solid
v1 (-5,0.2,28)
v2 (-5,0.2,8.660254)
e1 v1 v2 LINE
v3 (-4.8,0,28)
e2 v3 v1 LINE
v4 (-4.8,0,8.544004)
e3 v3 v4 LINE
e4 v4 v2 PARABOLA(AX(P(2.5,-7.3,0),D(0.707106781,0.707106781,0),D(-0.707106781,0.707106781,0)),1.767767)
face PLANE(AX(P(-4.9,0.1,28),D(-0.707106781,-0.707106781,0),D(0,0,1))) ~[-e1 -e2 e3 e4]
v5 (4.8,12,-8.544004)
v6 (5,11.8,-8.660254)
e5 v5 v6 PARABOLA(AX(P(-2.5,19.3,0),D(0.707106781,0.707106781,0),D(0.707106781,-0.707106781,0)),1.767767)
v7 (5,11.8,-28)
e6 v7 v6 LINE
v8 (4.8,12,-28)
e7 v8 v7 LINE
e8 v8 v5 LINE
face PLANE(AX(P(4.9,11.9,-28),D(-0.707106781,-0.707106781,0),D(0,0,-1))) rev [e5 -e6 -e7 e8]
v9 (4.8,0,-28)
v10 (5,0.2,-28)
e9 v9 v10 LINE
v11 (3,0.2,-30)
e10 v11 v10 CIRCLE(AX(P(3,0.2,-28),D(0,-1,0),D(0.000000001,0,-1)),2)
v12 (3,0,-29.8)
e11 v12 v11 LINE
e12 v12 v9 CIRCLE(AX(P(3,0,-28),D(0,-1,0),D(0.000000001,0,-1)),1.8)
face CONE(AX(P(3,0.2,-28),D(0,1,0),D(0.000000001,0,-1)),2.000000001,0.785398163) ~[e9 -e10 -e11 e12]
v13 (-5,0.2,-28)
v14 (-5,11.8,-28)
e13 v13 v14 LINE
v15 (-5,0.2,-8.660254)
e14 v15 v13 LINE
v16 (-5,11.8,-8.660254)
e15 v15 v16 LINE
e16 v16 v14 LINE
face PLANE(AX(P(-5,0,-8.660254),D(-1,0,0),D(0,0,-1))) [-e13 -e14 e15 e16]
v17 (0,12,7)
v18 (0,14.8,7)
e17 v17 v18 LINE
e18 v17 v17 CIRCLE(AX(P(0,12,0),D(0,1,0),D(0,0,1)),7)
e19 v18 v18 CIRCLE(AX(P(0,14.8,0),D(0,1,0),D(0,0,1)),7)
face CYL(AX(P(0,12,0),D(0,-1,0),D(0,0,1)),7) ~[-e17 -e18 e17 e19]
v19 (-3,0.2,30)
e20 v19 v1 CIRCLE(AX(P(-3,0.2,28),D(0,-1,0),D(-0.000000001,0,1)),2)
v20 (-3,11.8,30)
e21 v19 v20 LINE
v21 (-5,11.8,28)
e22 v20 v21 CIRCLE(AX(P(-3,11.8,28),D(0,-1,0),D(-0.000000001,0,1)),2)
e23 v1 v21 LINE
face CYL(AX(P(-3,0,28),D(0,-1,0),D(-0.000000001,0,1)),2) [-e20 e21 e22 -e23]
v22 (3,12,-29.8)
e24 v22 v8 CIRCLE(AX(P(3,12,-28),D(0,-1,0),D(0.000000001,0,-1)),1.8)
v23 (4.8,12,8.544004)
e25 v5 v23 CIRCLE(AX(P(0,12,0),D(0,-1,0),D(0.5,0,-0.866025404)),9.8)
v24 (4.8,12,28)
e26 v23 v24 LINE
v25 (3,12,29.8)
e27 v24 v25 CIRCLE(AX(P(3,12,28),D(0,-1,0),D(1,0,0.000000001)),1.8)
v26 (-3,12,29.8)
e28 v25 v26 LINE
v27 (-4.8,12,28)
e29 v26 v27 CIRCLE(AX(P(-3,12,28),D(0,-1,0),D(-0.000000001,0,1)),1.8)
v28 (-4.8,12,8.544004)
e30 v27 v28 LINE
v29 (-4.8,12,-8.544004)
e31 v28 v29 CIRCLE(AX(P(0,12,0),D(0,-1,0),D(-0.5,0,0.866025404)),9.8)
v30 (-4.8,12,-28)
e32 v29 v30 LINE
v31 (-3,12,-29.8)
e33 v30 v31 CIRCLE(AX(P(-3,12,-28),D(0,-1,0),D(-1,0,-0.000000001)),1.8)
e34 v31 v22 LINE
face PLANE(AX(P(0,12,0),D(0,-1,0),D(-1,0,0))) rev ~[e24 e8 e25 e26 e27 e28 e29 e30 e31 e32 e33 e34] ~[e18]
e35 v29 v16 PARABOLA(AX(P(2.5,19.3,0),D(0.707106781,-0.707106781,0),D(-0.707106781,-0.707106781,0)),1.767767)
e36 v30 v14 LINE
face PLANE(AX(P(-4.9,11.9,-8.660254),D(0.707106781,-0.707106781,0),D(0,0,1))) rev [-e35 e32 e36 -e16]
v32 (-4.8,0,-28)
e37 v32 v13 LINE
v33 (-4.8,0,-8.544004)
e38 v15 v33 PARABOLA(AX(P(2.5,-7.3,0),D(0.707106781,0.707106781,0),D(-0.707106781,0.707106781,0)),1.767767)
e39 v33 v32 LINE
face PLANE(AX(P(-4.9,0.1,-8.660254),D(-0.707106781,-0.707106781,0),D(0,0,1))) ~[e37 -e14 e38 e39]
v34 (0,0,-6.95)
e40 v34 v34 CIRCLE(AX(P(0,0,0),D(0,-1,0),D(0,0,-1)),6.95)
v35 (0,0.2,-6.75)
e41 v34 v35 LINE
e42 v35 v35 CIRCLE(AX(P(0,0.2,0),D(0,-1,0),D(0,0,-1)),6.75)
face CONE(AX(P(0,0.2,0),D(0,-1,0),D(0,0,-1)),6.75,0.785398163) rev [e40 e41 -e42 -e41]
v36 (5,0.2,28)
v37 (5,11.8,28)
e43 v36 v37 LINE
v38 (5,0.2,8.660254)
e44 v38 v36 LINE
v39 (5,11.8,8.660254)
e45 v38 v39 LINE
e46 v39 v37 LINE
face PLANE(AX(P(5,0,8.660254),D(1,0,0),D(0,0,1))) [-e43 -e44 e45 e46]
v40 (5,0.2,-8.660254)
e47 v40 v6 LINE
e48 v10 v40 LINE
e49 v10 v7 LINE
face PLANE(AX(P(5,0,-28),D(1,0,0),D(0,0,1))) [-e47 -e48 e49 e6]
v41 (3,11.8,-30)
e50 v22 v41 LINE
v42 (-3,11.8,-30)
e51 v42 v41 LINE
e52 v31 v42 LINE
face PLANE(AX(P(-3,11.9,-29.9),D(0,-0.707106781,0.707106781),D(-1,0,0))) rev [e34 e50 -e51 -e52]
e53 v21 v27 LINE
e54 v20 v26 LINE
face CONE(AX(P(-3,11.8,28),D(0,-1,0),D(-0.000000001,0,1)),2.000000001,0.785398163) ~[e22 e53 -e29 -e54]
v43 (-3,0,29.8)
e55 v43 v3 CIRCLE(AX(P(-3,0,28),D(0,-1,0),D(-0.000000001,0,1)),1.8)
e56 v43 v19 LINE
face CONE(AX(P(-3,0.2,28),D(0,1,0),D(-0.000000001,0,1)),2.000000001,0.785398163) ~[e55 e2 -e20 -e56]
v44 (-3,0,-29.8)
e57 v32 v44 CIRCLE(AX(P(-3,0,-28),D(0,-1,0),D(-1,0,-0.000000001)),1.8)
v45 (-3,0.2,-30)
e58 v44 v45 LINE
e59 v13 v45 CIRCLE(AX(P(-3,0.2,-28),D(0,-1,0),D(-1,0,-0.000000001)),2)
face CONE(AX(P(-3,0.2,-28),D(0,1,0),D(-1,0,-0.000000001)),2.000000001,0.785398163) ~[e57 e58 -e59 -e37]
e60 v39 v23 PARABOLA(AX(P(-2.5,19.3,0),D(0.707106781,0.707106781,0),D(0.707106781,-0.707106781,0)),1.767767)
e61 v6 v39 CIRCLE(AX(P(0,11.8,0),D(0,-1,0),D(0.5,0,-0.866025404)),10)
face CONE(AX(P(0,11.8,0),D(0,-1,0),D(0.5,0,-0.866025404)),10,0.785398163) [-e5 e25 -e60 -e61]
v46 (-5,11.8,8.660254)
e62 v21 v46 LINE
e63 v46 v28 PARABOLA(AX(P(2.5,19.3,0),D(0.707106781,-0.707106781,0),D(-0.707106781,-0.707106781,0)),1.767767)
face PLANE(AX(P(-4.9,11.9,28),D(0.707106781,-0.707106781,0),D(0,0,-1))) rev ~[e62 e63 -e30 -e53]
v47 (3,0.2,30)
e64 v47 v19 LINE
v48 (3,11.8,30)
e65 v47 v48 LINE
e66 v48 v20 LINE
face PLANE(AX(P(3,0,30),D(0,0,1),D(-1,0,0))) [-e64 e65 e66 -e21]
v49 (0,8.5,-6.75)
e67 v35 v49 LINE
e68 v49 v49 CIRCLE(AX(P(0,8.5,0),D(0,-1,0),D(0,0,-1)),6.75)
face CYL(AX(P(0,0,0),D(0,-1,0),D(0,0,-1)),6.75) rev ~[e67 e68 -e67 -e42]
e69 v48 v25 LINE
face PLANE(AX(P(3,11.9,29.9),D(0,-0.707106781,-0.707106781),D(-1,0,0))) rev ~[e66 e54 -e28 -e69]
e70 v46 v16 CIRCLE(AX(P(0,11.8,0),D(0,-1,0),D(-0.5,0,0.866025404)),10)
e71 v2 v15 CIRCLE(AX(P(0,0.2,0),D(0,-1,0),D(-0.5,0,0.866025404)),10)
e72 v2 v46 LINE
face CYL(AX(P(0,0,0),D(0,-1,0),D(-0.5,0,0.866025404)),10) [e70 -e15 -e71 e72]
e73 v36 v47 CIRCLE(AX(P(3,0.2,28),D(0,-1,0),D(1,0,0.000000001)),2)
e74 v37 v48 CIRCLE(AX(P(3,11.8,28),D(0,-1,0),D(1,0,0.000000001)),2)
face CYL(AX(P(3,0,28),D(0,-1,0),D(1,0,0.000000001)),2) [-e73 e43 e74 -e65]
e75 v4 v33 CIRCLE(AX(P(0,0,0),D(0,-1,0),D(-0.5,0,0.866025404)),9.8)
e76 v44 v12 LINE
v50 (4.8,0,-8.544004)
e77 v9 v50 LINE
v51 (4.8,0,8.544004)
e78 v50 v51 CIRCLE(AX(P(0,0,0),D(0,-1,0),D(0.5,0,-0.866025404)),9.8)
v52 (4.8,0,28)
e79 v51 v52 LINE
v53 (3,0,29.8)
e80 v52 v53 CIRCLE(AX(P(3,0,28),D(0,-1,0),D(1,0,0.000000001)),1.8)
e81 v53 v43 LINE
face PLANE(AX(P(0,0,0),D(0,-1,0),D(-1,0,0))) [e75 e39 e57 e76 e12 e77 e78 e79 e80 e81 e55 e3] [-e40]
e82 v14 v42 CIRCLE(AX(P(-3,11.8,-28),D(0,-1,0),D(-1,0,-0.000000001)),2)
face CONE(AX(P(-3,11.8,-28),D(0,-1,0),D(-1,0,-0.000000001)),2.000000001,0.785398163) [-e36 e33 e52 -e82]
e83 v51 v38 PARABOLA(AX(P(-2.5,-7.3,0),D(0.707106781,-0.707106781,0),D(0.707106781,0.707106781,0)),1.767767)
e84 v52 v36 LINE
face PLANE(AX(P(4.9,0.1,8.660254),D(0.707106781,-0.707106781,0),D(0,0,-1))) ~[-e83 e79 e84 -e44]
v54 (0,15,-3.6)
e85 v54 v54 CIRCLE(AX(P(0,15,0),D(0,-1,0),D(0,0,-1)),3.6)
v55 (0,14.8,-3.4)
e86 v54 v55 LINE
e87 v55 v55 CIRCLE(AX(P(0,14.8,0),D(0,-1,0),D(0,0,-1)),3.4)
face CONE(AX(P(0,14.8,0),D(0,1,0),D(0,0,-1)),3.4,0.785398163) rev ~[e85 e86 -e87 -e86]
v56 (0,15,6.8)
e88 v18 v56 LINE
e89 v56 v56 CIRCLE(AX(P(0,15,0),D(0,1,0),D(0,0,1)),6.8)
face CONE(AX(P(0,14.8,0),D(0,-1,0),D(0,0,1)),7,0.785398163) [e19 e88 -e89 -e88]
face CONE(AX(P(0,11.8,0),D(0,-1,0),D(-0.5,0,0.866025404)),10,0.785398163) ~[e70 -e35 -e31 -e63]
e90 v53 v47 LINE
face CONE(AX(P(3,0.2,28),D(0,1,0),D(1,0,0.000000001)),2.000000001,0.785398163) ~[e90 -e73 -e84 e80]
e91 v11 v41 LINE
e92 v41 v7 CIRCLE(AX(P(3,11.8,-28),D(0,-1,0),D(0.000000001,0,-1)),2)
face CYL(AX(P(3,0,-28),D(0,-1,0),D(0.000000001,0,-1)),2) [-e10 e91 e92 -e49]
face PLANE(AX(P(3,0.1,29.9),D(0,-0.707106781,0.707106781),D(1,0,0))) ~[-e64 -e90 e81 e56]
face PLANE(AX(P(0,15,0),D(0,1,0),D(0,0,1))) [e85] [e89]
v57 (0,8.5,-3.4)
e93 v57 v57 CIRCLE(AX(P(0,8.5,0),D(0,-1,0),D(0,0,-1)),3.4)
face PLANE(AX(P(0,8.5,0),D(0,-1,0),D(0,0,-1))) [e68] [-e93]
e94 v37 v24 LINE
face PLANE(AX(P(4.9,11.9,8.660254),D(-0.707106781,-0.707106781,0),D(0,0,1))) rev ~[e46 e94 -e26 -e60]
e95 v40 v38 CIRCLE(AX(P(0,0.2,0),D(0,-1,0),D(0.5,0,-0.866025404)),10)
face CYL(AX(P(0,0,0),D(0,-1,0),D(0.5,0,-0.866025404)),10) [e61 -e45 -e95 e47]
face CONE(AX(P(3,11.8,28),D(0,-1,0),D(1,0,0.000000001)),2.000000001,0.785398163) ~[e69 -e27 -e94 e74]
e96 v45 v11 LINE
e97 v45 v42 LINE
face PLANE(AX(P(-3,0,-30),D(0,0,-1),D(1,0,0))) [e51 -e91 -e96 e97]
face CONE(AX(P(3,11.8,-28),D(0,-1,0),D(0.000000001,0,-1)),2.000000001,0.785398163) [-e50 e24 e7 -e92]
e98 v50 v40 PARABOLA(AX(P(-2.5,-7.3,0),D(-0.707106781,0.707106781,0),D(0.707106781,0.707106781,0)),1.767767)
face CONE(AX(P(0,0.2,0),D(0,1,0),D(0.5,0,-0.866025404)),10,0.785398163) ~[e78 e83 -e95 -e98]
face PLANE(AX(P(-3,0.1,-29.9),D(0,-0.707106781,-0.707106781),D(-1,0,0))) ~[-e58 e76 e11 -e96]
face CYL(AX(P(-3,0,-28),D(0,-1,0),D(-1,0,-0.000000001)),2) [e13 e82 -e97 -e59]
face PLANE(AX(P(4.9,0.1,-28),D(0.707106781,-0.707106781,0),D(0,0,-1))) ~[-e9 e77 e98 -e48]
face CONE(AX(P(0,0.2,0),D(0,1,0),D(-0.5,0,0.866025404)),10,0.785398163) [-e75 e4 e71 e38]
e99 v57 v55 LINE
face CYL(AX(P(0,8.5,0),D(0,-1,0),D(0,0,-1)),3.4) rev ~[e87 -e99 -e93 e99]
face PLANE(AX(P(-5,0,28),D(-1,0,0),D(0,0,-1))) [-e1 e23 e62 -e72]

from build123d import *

# Parameters (mm, degrees)
EXTRUDE_1_DEPTH     = 12
SKETCH_2_R          = 6.75
CUT_EXTRUDE_1_DEPTH = 8.5
SKETCH_4_R          = 7
EXTRUDE_2_DEPTH     = 3
SKETCH_3_R          = 3.4
CUT_EXTRUDE_2_DEPTH = 33.74522866
CHAMFER_1_SIZE      = 0.2


with BuildPart() as part:
    # 草图1 → 凸台-拉伸1 (new body)
    with BuildSketch(Plane(origin=(0, 0, 0), x_dir=(1, 0, 0), z_dir=(0, 1, 0))):
        with BuildLine():
            Line((-5, -28), (-5, -8.660254038))
            ThreePointArc((-5, -8.660254038), (-10, 0), (-5, 8.660254038))
            Line((-5, 8.660254038), (-5, 28))
            ThreePointArc((-5, 28), (-4.414213562, 29.414213562), (-3, 30))
            Line((-3, 30), (3, 30))
            ThreePointArc((3, 30), (4.414213562, 29.414213562), (5, 28))
            Line((5, 28), (5, 8.660254038))
            ThreePointArc((5, 8.660254038), (10, 0), (5, -8.660254038))
            Line((5, -8.660254038), (5, -28))
            ThreePointArc((5, -28), (4.414213562, -29.414213562), (3, -30))
            Line((3, -30), (-3, -30))
            ThreePointArc((-3, -30), (-4.414213562, -29.414213562), (-5, -28))
        make_face()
    extrude(amount=EXTRUDE_1_DEPTH)

    # 草图2 → 切除-拉伸1 (cut)
    with BuildSketch(Plane.XZ):
        with Locations(Location((0, 0, 0), (0, 0, 270))):
            Circle(SKETCH_2_R)
    extrude(amount=-CUT_EXTRUDE_1_DEPTH, mode=Mode.SUBTRACT)

    # 草图4 → 凸台-拉伸2 (add)
    with BuildSketch(Plane(origin=(0, 12, 0), x_dir=(1, 0, 0), z_dir=(0, 1, 0))):
        with Locations(Location((0, 0, 0), (0, 0, 270))):
            Circle(SKETCH_4_R)
    extrude(amount=EXTRUDE_2_DEPTH)

    # 草图3 → 切除-拉伸2 (cut, through all)
    with BuildSketch(Plane.XZ.offset(-8.5)):
        with Locations(Location((0, 0, 0), (0, 0, 270))):
            Circle(SKETCH_3_R)
    extrude(amount=-CUT_EXTRUDE_2_DEPTH, mode=Mode.SUBTRACT)

    # 倒角1
    chamfer_1_edges = [part.edges().sort_by_distance(p)[0] for p in [
        (5, 0, 18.330127019),
        (4.414213562, 0, 29.414213562),
        (4.414213562, 12, -29.414213562),
        (0, 0, 30),
        (-4.414213562, 0, 29.414213562),
        (-5, 0, 18.330127019),
        (-10, 0, 0),
        (-5, 0, -18.330127019),
        (-4.414213562, 0, -29.414213562),
        (0, 0, -30),
        (4.414213562, 0, -29.414213562),
        (5, 0, -18.330127019),
        (10, 0, 0),
        (0, 12, -30),
        (-4.414213562, 12, -29.414213562),
        (-5, 12, -18.330127019),
        (-10, 12, 0),
        (-5, 12, 18.330127019),
        (-4.414213562, 12, 29.414213562),
        (0, 0, 6.75),
        (0, 12, 30),
        (0, 15, -7),
        (4.414213562, 12, 29.414213562),
        (0, 15, 3.4),
        (5, 12, 18.330127019),
        (10, 12, 0),
        (5, 12, -18.330127019),
    ]]
    chamfer(chamfer_1_edges, length=CHAMFER_1_SIZE)


solid = part.part
